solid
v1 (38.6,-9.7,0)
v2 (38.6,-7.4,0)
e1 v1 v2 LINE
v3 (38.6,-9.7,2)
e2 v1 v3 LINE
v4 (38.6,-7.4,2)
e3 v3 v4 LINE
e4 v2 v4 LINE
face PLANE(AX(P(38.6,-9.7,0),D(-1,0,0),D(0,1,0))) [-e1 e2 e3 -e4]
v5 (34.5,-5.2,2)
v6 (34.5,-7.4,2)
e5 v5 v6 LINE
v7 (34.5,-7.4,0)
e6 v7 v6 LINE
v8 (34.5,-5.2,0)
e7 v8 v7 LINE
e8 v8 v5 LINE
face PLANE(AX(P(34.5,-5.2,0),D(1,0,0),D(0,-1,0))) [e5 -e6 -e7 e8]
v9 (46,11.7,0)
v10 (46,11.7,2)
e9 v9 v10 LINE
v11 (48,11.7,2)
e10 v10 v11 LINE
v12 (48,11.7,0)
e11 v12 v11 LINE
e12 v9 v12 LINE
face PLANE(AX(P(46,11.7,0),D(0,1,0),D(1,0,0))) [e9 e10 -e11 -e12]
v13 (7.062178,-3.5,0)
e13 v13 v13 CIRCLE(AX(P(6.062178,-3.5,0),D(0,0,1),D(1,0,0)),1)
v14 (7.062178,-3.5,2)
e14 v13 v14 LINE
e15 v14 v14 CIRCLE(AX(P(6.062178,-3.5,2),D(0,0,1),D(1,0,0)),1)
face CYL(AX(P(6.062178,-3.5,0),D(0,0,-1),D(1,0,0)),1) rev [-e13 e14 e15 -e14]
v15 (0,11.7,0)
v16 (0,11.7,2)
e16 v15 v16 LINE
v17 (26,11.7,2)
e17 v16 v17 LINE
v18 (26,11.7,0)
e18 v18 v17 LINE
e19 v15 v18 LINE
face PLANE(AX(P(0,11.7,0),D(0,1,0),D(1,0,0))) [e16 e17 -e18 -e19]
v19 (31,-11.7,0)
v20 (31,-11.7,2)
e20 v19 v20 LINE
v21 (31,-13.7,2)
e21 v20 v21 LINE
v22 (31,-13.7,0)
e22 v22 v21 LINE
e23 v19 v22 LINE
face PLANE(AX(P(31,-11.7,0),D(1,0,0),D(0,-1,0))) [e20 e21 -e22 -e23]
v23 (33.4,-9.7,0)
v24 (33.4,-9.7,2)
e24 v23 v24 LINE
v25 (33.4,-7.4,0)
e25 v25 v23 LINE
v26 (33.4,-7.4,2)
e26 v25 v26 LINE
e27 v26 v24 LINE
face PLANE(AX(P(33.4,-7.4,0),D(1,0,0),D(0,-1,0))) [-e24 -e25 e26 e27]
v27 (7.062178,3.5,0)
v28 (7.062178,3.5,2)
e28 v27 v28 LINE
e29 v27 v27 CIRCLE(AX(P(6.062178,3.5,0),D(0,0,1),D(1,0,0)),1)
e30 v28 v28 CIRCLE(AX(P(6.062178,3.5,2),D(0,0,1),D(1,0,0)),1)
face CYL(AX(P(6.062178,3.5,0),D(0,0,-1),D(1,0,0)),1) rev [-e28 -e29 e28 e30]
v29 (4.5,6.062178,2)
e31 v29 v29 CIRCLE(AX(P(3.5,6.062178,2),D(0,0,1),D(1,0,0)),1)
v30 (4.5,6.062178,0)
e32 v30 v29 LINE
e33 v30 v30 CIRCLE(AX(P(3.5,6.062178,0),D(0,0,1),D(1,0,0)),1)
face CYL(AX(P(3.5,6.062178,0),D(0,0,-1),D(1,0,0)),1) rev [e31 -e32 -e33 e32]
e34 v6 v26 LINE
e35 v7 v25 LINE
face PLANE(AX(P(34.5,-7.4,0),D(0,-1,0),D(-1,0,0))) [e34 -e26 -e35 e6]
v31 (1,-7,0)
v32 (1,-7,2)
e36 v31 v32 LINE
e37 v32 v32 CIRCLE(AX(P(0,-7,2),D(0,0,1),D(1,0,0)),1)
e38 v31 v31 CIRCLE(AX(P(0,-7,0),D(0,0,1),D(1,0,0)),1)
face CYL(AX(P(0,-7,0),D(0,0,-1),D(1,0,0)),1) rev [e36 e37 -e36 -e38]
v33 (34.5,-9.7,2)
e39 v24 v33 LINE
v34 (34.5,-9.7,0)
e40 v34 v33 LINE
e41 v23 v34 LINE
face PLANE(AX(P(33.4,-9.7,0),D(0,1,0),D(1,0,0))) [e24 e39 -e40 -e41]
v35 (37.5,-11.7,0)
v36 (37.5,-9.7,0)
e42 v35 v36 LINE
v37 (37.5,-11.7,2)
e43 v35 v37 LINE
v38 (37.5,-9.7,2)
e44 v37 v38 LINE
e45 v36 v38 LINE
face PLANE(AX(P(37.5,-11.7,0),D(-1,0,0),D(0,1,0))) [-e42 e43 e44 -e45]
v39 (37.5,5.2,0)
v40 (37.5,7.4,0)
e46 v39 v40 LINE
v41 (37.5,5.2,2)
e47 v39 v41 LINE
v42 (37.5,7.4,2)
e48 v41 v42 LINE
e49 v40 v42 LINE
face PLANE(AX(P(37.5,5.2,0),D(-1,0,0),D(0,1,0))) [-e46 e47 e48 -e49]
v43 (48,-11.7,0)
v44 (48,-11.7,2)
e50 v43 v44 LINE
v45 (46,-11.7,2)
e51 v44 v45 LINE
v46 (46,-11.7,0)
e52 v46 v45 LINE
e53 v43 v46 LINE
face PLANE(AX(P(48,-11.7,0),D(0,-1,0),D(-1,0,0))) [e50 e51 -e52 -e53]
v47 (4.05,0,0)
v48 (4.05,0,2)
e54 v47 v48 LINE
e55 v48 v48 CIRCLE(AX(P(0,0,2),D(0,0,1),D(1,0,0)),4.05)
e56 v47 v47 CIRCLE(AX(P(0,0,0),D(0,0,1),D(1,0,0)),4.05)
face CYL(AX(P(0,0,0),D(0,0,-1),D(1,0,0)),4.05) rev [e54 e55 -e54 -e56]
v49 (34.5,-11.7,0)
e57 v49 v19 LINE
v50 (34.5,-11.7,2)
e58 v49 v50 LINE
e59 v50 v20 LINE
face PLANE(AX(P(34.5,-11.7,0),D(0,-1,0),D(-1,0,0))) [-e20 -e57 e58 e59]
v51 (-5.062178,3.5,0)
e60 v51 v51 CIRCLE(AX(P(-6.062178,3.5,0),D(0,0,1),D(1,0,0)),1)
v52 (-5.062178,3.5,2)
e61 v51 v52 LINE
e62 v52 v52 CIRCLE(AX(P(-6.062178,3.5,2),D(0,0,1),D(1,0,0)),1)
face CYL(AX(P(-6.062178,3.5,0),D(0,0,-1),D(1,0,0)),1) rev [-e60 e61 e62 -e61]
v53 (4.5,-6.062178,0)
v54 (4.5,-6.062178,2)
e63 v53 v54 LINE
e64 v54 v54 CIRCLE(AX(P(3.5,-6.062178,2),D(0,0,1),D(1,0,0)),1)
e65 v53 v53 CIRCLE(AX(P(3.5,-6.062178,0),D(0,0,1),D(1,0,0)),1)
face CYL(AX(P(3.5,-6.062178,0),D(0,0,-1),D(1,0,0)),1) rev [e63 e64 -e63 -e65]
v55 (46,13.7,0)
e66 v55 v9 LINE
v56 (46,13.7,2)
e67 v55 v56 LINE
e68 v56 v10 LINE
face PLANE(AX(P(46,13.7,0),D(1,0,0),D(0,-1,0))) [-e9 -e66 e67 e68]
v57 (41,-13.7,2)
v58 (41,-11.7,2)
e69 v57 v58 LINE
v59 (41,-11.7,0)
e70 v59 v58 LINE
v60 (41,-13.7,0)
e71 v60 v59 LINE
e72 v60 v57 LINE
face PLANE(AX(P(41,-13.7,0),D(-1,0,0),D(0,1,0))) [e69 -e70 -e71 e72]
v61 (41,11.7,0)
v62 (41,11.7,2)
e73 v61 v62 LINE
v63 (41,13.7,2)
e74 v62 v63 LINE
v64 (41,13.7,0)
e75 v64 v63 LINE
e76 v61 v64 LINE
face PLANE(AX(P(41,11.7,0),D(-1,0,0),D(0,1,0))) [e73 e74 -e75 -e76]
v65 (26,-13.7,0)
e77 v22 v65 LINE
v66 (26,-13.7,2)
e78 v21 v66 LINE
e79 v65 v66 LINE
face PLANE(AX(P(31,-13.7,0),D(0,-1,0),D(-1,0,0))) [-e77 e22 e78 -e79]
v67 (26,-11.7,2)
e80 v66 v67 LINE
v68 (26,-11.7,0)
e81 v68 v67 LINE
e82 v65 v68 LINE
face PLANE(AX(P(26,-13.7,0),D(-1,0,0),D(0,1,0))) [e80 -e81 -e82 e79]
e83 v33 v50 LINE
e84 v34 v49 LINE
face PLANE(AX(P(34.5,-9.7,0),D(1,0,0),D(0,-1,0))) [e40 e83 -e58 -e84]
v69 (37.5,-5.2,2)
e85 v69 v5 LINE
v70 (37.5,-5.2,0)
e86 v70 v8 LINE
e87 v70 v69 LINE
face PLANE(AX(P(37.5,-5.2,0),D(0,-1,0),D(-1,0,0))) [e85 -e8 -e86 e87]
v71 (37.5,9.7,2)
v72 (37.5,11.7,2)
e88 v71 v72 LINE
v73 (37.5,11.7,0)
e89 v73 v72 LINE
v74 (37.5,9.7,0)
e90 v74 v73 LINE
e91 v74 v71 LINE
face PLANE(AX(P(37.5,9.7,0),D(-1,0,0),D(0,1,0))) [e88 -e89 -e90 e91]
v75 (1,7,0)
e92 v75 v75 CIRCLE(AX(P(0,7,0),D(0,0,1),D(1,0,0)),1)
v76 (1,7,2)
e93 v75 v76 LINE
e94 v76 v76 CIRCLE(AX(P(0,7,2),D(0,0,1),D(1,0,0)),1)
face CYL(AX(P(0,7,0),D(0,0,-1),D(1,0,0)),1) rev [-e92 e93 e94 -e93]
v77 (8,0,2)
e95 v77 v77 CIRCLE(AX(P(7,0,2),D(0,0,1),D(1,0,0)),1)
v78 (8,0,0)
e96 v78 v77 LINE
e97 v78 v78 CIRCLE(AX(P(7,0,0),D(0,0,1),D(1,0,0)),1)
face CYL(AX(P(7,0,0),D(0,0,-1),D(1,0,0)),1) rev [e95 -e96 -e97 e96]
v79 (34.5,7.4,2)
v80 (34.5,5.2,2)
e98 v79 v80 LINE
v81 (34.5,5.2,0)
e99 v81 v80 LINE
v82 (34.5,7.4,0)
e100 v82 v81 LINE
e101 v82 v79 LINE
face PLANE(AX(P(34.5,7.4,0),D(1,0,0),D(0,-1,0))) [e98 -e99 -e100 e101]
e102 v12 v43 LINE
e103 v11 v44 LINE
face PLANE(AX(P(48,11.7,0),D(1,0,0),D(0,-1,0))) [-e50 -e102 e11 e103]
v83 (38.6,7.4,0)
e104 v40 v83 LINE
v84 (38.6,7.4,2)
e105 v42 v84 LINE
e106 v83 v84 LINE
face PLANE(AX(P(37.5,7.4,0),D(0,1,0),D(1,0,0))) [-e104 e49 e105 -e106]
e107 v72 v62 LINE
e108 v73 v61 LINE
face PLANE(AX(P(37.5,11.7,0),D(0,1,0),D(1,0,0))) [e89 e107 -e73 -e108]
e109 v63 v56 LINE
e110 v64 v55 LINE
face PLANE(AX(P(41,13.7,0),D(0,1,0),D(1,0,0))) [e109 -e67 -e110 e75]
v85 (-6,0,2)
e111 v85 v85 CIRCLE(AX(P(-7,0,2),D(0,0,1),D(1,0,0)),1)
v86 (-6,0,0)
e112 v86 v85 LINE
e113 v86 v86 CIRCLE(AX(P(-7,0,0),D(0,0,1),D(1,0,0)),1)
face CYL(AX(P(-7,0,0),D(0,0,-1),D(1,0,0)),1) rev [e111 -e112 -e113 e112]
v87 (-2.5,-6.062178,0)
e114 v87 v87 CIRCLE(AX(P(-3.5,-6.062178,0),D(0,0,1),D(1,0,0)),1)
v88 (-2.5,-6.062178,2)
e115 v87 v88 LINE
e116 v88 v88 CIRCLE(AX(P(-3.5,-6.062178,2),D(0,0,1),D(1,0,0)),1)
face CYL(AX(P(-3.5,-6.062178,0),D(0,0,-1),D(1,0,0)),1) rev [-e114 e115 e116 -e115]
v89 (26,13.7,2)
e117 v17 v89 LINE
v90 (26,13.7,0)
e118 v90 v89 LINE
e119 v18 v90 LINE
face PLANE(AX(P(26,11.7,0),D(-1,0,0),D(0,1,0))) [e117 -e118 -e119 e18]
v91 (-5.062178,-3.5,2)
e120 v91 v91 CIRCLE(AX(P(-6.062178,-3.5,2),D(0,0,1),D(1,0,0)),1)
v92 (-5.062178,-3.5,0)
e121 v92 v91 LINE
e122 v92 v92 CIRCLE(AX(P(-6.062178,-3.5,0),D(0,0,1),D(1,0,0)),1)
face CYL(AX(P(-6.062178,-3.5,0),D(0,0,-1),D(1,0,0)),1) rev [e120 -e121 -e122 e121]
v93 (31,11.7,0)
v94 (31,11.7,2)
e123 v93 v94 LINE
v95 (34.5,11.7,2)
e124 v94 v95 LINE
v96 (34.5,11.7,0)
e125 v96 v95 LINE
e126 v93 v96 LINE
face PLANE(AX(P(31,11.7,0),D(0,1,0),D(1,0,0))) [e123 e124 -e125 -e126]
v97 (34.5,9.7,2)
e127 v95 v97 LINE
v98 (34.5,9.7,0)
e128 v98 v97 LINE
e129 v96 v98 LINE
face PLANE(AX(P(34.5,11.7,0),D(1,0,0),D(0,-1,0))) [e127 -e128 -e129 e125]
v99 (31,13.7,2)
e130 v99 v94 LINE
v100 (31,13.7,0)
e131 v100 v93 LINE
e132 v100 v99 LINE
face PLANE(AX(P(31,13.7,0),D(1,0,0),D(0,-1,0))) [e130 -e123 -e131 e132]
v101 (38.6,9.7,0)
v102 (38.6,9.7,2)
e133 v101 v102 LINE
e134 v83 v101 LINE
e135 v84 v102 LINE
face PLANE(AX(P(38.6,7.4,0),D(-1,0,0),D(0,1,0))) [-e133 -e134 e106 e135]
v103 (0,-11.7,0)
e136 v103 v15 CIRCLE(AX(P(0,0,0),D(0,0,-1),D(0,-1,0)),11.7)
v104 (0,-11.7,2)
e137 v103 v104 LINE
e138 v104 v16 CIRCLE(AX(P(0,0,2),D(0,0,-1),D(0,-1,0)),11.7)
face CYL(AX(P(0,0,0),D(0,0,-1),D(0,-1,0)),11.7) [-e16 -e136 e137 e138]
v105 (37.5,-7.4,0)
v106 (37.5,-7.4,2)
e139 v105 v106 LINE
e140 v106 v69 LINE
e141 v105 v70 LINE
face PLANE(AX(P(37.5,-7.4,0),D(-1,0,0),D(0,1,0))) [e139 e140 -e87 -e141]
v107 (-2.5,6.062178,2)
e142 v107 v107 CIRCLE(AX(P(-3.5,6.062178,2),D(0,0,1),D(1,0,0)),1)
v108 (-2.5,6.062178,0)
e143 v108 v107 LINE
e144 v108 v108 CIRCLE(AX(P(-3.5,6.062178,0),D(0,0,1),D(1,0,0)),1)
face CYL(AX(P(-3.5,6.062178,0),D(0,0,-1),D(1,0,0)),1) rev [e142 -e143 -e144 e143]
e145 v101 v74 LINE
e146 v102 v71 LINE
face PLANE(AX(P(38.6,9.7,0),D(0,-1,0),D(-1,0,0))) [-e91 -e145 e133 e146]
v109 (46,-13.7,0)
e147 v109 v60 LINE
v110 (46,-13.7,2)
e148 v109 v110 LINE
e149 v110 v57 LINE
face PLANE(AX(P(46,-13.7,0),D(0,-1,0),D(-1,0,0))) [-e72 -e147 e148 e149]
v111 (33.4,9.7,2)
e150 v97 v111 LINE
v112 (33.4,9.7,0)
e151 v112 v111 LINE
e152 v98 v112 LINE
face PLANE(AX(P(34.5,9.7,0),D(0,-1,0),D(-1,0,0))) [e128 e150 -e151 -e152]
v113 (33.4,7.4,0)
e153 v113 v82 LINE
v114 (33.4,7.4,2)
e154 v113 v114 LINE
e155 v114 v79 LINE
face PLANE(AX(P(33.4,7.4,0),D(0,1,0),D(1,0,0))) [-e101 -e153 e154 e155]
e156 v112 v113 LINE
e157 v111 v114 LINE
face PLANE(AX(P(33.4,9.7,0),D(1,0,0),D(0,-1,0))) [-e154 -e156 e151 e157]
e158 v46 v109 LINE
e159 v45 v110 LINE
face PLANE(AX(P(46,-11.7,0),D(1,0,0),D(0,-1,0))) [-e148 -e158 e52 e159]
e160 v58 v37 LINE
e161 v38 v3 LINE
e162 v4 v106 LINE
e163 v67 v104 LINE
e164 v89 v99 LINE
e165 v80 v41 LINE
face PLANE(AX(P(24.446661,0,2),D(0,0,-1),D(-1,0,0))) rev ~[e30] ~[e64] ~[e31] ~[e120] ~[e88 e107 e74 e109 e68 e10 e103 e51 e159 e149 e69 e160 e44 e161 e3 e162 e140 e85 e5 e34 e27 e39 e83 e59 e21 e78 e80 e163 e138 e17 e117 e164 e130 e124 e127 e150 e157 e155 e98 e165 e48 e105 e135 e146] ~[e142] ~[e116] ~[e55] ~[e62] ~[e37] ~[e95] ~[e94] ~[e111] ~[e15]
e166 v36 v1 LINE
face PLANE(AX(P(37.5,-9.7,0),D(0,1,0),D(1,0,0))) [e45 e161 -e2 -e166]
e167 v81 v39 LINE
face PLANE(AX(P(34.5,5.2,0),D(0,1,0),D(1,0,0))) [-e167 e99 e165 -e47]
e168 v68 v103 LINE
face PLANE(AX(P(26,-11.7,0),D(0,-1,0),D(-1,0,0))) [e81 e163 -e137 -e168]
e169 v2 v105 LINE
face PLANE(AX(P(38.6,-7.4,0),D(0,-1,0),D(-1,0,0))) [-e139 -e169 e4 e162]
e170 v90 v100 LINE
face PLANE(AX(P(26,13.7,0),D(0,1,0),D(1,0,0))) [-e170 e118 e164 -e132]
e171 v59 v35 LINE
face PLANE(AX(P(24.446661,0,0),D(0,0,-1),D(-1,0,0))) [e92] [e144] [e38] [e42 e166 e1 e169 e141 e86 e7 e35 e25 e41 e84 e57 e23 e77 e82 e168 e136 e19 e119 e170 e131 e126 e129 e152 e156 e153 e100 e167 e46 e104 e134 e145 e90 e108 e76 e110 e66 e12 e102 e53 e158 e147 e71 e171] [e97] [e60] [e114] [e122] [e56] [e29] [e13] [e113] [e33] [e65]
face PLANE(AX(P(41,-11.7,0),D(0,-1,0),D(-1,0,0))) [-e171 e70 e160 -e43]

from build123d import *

# Parameters (mm, degrees)
SKETCH1_R           = 4.05
SKETCH1_R_2         = 1
BOSS_EXTRUDE1_DEPTH = 2


with BuildPart() as part:
    # Sketch1 → Boss-Extrude1 (new body)
    with BuildSketch(Plane.XY):
        with BuildLine():
            Line((48, 11.7), (48, -11.7))
            Line((48, -11.7), (46, -11.7))
            Line((46, -11.7), (46, -13.7))
            Line((46, -13.7), (41, -13.7))
            Line((41, -13.7), (41, -11.7))
            Line((41, -11.7), (37.5, -11.7))
            Line((37.5, -11.7), (37.5, -9.7))
            Line((37.5, -9.7), (38.6, -9.7))
            Line((38.6, -9.7), (38.6, -7.4))
            Line((38.6, -7.4), (37.5, -7.4))
            Line((37.5, -7.4), (37.5, -5.2))
            Line((37.5, -5.2), (34.5, -5.2))
            Line((34.5, -5.2), (34.5, -7.4))
            Line((34.5, -7.4), (33.4, -7.4))
            Line((33.4, -7.4), (33.4, -9.7))
            Line((33.4, -9.7), (34.5, -9.7))
            Line((34.5, -9.7), (34.5, -11.7))
            Line((34.5, -11.7), (31, -11.7))
            Line((31, -11.7), (31, -13.7))
            Line((31, -13.7), (26, -13.7))
            Line((26, -13.7), (26, -11.7))
            Line((26, -11.7), (0, -11.7))
            ThreePointArc((0, -11.7), (-11.7, 0), (0, 11.7))
            Line((0, 11.7), (26, 11.7))
            Line((26, 11.7), (26, 13.7))
            Line((26, 13.7), (31, 13.7))
            Line((31, 13.7), (31, 11.7))
            Line((31, 11.7), (34.5, 11.7))
            Line((34.5, 11.7), (34.5, 9.7))
            Line((34.5, 9.7), (33.4, 9.7))
            Line((33.4, 9.7), (33.4, 7.4))
            Line((33.4, 7.4), (34.5, 7.4))
            Line((34.5, 7.4), (34.5, 5.2))
            Line((34.5, 5.2), (37.5, 5.2))
            Line((37.5, 5.2), (37.5, 7.4))
            Line((37.5, 7.4), (38.6, 7.4))
            Line((38.6, 7.4), (38.6, 9.7))
            Line((38.6, 9.7), (37.5, 9.7))
            Line((37.5, 9.7), (37.5, 11.7))
            Line((37.5, 11.7), (41, 11.7))
            Line((41, 11.7), (41, 13.7))
            Line((41, 13.7), (46, 13.7))
            Line((46, 13.7), (46, 11.7))
            Line((46, 11.7), (48, 11.7))
        make_face()
        Circle(SKETCH1_R, mode=Mode.SUBTRACT)
        with Locations((7, 0)):
            Circle(SKETCH1_R_2, mode=Mode.SUBTRACT)
        with Locations((6.062177826, -3.5)):
            Circle(SKETCH1_R_2, mode=Mode.SUBTRACT)
        with Locations((3.5, -6.062177826)):
            Circle(SKETCH1_R_2, mode=Mode.SUBTRACT)
        with Locations((0, -7)):
            Circle(SKETCH1_R_2, mode=Mode.SUBTRACT)
        with Locations((-3.5, -6.062177826)):
            Circle(SKETCH1_R_2, mode=Mode.SUBTRACT)
        with Locations((-6.062177826, -3.5)):
            Circle(SKETCH1_R_2, mode=Mode.SUBTRACT)
        with Locations((-7, 0)):
            Circle(SKETCH1_R_2, mode=Mode.SUBTRACT)
        with Locations((-6.062177826, 3.5)):
            Circle(SKETCH1_R_2, mode=Mode.SUBTRACT)
        with Locations((-3.5, 6.062177826)):
            Circle(SKETCH1_R_2, mode=Mode.SUBTRACT)
        with Locations((0, 7)):
            Circle(SKETCH1_R_2, mode=Mode.SUBTRACT)
        with Locations((3.5, 6.062177826)):
            Circle(SKETCH1_R_2, mode=Mode.SUBTRACT)
        with Locations((6.062177826, 3.5)):
            Circle(SKETCH1_R_2, mode=Mode.SUBTRACT)
    extrude(amount=BOSS_EXTRUDE1_DEPTH)


solid = part.part
